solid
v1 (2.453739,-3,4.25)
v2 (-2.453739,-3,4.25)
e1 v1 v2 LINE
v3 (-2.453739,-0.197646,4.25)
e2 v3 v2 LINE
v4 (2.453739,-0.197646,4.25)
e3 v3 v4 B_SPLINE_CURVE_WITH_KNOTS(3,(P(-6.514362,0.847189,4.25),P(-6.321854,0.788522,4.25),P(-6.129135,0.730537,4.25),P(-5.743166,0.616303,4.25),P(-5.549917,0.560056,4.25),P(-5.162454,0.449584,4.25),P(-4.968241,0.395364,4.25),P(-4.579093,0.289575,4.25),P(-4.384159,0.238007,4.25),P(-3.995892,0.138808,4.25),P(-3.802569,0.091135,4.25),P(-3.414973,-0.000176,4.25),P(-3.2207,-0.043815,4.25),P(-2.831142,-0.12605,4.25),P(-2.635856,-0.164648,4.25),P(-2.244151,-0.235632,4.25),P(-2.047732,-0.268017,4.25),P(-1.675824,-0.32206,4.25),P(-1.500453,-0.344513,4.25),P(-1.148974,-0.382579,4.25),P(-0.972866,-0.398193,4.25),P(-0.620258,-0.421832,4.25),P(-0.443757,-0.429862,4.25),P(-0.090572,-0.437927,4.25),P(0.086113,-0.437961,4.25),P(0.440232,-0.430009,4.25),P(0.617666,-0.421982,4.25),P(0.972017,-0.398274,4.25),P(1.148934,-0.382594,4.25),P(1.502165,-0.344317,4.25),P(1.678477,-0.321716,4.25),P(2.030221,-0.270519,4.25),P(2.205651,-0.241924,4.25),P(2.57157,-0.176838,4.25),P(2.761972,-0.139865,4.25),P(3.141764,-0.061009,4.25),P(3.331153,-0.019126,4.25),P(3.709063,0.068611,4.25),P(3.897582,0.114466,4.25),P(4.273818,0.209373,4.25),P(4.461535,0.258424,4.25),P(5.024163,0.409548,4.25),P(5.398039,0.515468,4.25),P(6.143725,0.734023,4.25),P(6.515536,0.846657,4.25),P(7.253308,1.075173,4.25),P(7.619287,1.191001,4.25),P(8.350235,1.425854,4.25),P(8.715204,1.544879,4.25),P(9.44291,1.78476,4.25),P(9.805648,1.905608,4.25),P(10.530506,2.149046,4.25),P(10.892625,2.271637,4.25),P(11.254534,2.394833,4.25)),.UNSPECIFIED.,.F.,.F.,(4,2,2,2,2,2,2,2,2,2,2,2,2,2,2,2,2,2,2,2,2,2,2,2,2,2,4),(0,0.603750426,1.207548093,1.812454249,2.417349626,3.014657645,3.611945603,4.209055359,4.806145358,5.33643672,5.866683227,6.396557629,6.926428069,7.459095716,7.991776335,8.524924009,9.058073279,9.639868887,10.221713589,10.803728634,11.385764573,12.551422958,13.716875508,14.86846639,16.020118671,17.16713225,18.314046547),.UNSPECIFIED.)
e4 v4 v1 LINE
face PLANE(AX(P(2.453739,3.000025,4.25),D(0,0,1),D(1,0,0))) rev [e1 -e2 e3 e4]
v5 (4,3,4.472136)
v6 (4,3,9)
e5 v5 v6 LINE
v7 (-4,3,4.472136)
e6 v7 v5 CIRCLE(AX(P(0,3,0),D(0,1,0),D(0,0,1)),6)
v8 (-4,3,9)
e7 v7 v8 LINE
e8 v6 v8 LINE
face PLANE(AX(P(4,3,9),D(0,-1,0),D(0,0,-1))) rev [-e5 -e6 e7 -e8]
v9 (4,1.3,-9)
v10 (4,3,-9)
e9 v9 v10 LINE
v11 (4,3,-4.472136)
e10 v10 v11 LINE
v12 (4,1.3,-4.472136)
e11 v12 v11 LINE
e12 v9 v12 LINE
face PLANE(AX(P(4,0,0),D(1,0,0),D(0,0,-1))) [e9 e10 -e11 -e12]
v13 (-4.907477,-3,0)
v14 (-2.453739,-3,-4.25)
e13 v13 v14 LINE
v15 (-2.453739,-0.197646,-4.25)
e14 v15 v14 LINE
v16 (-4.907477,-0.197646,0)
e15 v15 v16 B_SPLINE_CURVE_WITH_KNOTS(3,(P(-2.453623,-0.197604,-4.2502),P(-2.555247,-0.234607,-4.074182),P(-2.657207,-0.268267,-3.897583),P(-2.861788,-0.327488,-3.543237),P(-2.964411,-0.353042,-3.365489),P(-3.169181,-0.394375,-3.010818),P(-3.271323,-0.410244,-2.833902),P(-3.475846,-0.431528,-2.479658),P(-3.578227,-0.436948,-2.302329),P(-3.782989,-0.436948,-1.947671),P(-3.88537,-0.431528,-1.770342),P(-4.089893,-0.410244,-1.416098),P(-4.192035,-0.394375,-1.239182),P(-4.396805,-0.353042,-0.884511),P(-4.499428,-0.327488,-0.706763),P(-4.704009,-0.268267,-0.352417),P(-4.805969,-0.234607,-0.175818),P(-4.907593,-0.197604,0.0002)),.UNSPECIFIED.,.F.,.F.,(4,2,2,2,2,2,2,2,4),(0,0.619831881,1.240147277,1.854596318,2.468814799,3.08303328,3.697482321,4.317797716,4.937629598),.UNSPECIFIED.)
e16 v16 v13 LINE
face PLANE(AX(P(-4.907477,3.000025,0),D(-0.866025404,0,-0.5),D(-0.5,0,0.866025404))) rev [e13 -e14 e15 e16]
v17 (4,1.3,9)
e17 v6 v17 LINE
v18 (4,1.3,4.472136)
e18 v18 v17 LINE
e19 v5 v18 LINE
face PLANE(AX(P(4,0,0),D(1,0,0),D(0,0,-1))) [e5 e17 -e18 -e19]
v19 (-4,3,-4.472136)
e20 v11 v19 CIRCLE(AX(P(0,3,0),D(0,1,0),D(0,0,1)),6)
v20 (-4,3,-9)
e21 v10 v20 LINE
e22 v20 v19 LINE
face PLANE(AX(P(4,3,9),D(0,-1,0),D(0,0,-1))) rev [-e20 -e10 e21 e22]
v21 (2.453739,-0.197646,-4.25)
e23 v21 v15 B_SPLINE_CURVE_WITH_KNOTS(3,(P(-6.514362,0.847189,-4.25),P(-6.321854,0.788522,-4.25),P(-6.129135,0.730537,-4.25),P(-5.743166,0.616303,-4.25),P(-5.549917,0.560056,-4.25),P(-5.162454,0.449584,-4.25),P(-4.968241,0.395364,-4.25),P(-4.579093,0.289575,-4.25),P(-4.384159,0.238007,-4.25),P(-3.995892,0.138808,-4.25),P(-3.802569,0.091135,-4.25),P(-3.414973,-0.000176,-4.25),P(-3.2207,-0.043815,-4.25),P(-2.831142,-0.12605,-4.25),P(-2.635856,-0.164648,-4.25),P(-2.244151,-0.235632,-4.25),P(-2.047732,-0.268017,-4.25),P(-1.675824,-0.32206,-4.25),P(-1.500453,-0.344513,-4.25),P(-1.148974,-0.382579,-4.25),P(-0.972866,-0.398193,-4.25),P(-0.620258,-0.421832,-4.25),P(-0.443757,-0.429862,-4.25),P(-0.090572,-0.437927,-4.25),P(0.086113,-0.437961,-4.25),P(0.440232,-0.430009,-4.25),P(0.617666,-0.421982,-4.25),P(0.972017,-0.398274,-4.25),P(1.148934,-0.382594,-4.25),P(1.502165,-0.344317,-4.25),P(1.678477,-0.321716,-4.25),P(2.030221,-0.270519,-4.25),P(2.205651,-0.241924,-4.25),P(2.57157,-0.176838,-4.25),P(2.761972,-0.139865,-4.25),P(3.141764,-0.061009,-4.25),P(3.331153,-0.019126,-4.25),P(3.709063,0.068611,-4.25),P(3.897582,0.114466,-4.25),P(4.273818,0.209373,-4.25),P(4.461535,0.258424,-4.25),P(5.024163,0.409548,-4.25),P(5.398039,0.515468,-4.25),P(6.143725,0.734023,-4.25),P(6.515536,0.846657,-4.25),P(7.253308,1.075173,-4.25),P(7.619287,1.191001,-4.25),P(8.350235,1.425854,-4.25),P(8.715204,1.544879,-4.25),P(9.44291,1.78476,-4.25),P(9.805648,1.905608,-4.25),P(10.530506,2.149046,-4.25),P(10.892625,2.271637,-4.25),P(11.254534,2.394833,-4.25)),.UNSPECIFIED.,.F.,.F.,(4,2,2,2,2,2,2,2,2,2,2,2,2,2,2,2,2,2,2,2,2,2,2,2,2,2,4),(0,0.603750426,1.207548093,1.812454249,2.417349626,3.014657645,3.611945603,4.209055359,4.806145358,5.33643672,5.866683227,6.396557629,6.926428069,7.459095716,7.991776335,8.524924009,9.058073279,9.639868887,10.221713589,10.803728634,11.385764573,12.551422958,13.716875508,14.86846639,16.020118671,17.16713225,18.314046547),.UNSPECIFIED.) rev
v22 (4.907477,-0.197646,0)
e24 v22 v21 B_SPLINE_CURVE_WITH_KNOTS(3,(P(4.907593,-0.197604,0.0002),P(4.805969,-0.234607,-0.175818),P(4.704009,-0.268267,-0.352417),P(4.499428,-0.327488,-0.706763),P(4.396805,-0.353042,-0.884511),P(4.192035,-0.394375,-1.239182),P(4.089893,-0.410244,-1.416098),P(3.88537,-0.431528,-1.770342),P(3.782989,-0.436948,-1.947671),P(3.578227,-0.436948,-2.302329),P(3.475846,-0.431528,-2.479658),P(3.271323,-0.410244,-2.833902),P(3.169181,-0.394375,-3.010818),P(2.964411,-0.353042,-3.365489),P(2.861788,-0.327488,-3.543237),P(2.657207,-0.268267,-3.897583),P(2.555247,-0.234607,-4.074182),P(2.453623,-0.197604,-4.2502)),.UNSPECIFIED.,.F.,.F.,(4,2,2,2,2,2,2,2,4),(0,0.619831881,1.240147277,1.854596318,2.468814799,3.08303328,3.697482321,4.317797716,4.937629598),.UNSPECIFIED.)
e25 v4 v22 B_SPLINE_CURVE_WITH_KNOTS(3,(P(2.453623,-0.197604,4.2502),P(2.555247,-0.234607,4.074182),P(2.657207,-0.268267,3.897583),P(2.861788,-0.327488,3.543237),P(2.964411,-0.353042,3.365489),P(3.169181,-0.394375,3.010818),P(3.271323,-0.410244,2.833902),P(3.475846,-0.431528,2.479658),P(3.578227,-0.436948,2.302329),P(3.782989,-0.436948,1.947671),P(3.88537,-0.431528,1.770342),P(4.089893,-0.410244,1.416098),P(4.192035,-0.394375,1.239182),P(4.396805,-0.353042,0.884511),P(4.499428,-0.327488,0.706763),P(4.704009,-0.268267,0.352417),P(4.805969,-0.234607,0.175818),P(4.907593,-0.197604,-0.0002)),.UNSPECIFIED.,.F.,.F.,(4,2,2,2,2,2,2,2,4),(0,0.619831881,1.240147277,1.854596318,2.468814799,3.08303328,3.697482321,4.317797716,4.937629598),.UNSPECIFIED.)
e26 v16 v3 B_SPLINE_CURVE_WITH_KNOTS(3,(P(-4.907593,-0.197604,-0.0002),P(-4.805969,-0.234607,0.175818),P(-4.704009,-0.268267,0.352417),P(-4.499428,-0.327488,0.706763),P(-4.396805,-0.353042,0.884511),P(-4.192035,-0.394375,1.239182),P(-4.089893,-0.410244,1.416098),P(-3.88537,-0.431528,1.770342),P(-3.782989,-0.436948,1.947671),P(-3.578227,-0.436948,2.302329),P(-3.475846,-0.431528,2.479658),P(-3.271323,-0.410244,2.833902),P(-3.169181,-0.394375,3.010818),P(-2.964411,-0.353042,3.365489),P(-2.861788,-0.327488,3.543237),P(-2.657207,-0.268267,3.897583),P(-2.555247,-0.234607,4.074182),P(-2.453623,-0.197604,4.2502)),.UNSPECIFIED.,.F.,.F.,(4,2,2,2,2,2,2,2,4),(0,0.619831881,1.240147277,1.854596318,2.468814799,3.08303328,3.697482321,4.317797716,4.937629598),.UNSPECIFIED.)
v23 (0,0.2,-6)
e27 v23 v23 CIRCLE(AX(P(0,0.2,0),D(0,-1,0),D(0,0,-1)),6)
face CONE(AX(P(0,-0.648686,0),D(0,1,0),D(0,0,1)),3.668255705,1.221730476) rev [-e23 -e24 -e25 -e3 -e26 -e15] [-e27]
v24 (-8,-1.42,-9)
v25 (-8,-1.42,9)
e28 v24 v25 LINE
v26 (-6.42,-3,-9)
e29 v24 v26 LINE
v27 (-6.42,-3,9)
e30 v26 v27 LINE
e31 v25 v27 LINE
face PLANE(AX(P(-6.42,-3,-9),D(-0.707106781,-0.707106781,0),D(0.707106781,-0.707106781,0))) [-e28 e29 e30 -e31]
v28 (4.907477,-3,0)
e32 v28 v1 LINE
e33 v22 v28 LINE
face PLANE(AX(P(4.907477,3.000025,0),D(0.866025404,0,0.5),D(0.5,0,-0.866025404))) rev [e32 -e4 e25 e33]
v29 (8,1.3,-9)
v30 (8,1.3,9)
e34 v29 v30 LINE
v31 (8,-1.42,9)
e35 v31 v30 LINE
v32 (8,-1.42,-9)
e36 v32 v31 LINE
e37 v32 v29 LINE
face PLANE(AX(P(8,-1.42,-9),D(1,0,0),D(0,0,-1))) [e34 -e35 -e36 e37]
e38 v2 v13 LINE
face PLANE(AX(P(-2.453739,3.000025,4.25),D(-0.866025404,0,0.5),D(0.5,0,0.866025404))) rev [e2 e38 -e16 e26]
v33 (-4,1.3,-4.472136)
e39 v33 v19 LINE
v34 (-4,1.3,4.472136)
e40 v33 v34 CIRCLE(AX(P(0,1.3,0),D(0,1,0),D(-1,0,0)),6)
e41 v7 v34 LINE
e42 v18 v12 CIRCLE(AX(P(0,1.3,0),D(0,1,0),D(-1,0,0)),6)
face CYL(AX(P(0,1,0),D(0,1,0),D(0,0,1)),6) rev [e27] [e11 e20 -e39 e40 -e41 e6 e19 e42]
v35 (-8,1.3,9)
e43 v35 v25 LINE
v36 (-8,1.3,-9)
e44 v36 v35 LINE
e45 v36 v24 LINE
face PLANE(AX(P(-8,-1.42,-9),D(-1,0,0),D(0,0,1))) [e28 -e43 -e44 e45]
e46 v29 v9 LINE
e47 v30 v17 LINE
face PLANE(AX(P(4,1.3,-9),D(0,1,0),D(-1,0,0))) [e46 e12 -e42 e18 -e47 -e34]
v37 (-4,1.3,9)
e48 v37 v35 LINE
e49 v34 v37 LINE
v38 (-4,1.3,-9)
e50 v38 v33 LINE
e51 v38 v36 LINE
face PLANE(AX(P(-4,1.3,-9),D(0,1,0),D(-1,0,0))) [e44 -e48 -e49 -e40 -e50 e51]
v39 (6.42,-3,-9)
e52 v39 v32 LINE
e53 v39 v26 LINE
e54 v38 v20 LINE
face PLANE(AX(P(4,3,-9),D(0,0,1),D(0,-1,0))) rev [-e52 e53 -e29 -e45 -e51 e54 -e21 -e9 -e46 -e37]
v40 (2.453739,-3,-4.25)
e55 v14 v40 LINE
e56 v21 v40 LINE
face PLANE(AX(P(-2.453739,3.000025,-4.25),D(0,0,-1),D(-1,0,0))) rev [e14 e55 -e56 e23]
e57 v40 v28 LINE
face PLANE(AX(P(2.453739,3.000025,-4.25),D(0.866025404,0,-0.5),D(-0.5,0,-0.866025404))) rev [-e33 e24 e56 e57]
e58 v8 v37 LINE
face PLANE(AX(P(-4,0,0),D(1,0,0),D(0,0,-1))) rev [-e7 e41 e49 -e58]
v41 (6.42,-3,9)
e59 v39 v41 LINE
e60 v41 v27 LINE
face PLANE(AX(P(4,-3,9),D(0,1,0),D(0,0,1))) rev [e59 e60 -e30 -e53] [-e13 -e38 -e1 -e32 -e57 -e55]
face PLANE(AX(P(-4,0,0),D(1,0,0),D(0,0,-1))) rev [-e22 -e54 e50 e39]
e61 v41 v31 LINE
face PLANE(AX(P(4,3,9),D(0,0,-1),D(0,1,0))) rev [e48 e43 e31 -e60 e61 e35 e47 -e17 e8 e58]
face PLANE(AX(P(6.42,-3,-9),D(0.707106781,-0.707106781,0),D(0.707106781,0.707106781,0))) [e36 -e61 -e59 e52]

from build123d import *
from build123d.topology import SkipClean

# Parameters (mm, degrees)
SKETCH1_W           = 18
SKETCH1_H           = 6
BOSS_EXTRUDE1_DEPTH = 4
BOSS_EXTRUDE2_DEPTH = 18
SKETCH2_R           = 6
CUT_EXTRUDE1_DEPTH  = 2
CUT_EXTRUDE2_DEPTH  = 14.453624047


with BuildPart() as part:
    # Sketch1 → Boss-Extrude1 (new, symmetric)
    with BuildSketch(Plane(origin=(0, 0, 0), x_dir=(0, 0, -1), z_dir=(1, 0, 0))):
        Rectangle(SKETCH1_W, SKETCH1_H)
    extrude(amount=BOSS_EXTRUDE1_DEPTH, both=True)

    # Sketch4 → Boss-Extrude2 (add)
    with BuildSketch(Plane.XY.offset(9)):
        Polygon((-4, 1.3), (-4, -3), (-6.42, -3), (-8, -1.42), (-8, 1.3), align=None)
        Polygon((8, -1.42), (8, 1.3), (4, 1.3), (4, -3), (6.42, -3), align=None)
    extrude(amount=-BOSS_EXTRUDE2_DEPTH)

    # Sketch2 → Cut-Extrude1 (cut)
    with BuildSketch(Plane(origin=(0, 3, 0), x_dir=(1, 0, 0), z_dir=(0, 1, 0))):
        with Locations(Location((0, 0, 0), (0, 0, 270))):
            Circle(SKETCH2_R)
    extrude(amount=-CUT_EXTRUDE1_DEPTH, mode=Mode.SUBTRACT)

    # Sketch5 → Cut-Extrude2 (cut, through all)
    with BuildSketch(Plane.XZ.offset(3)):
        Polygon((-2.453738644, 4.25), (-4.907477288, 0), (-2.453738644, -4.25), (2.453738644, -4.25), (4.907477288, 0), (2.453738644, 4.25), align=None)
    extrude(amount=-CUT_EXTRUDE2_DEPTH, mode=Mode.SUBTRACT)

    # Sketch6 → Cut-Revolve1 (revolve, cut)
    with SkipClean():  # the faces are left unmerged after this step: merging them gives an invalid solid
        with BuildSketch(Plane(origin=(0, 0, 0), x_dir=(0, 0, -1), z_dir=(1, 0, 0)), mode=Mode.PRIVATE) as cut_revolve1_sk:
            Polygon((6, 0.2), (3.668255705, -0.648685517), (3.668255705, 1), (6, 1), align=None)
        revolve(cut_revolve1_sk.sketch.rotate(Axis((0, 0, 0), (0, 1, 0)), 221.810314896), axis=Axis((0, 0, 0), (0, 1, 0)), mode=Mode.SUBTRACT)


solid = part.part
